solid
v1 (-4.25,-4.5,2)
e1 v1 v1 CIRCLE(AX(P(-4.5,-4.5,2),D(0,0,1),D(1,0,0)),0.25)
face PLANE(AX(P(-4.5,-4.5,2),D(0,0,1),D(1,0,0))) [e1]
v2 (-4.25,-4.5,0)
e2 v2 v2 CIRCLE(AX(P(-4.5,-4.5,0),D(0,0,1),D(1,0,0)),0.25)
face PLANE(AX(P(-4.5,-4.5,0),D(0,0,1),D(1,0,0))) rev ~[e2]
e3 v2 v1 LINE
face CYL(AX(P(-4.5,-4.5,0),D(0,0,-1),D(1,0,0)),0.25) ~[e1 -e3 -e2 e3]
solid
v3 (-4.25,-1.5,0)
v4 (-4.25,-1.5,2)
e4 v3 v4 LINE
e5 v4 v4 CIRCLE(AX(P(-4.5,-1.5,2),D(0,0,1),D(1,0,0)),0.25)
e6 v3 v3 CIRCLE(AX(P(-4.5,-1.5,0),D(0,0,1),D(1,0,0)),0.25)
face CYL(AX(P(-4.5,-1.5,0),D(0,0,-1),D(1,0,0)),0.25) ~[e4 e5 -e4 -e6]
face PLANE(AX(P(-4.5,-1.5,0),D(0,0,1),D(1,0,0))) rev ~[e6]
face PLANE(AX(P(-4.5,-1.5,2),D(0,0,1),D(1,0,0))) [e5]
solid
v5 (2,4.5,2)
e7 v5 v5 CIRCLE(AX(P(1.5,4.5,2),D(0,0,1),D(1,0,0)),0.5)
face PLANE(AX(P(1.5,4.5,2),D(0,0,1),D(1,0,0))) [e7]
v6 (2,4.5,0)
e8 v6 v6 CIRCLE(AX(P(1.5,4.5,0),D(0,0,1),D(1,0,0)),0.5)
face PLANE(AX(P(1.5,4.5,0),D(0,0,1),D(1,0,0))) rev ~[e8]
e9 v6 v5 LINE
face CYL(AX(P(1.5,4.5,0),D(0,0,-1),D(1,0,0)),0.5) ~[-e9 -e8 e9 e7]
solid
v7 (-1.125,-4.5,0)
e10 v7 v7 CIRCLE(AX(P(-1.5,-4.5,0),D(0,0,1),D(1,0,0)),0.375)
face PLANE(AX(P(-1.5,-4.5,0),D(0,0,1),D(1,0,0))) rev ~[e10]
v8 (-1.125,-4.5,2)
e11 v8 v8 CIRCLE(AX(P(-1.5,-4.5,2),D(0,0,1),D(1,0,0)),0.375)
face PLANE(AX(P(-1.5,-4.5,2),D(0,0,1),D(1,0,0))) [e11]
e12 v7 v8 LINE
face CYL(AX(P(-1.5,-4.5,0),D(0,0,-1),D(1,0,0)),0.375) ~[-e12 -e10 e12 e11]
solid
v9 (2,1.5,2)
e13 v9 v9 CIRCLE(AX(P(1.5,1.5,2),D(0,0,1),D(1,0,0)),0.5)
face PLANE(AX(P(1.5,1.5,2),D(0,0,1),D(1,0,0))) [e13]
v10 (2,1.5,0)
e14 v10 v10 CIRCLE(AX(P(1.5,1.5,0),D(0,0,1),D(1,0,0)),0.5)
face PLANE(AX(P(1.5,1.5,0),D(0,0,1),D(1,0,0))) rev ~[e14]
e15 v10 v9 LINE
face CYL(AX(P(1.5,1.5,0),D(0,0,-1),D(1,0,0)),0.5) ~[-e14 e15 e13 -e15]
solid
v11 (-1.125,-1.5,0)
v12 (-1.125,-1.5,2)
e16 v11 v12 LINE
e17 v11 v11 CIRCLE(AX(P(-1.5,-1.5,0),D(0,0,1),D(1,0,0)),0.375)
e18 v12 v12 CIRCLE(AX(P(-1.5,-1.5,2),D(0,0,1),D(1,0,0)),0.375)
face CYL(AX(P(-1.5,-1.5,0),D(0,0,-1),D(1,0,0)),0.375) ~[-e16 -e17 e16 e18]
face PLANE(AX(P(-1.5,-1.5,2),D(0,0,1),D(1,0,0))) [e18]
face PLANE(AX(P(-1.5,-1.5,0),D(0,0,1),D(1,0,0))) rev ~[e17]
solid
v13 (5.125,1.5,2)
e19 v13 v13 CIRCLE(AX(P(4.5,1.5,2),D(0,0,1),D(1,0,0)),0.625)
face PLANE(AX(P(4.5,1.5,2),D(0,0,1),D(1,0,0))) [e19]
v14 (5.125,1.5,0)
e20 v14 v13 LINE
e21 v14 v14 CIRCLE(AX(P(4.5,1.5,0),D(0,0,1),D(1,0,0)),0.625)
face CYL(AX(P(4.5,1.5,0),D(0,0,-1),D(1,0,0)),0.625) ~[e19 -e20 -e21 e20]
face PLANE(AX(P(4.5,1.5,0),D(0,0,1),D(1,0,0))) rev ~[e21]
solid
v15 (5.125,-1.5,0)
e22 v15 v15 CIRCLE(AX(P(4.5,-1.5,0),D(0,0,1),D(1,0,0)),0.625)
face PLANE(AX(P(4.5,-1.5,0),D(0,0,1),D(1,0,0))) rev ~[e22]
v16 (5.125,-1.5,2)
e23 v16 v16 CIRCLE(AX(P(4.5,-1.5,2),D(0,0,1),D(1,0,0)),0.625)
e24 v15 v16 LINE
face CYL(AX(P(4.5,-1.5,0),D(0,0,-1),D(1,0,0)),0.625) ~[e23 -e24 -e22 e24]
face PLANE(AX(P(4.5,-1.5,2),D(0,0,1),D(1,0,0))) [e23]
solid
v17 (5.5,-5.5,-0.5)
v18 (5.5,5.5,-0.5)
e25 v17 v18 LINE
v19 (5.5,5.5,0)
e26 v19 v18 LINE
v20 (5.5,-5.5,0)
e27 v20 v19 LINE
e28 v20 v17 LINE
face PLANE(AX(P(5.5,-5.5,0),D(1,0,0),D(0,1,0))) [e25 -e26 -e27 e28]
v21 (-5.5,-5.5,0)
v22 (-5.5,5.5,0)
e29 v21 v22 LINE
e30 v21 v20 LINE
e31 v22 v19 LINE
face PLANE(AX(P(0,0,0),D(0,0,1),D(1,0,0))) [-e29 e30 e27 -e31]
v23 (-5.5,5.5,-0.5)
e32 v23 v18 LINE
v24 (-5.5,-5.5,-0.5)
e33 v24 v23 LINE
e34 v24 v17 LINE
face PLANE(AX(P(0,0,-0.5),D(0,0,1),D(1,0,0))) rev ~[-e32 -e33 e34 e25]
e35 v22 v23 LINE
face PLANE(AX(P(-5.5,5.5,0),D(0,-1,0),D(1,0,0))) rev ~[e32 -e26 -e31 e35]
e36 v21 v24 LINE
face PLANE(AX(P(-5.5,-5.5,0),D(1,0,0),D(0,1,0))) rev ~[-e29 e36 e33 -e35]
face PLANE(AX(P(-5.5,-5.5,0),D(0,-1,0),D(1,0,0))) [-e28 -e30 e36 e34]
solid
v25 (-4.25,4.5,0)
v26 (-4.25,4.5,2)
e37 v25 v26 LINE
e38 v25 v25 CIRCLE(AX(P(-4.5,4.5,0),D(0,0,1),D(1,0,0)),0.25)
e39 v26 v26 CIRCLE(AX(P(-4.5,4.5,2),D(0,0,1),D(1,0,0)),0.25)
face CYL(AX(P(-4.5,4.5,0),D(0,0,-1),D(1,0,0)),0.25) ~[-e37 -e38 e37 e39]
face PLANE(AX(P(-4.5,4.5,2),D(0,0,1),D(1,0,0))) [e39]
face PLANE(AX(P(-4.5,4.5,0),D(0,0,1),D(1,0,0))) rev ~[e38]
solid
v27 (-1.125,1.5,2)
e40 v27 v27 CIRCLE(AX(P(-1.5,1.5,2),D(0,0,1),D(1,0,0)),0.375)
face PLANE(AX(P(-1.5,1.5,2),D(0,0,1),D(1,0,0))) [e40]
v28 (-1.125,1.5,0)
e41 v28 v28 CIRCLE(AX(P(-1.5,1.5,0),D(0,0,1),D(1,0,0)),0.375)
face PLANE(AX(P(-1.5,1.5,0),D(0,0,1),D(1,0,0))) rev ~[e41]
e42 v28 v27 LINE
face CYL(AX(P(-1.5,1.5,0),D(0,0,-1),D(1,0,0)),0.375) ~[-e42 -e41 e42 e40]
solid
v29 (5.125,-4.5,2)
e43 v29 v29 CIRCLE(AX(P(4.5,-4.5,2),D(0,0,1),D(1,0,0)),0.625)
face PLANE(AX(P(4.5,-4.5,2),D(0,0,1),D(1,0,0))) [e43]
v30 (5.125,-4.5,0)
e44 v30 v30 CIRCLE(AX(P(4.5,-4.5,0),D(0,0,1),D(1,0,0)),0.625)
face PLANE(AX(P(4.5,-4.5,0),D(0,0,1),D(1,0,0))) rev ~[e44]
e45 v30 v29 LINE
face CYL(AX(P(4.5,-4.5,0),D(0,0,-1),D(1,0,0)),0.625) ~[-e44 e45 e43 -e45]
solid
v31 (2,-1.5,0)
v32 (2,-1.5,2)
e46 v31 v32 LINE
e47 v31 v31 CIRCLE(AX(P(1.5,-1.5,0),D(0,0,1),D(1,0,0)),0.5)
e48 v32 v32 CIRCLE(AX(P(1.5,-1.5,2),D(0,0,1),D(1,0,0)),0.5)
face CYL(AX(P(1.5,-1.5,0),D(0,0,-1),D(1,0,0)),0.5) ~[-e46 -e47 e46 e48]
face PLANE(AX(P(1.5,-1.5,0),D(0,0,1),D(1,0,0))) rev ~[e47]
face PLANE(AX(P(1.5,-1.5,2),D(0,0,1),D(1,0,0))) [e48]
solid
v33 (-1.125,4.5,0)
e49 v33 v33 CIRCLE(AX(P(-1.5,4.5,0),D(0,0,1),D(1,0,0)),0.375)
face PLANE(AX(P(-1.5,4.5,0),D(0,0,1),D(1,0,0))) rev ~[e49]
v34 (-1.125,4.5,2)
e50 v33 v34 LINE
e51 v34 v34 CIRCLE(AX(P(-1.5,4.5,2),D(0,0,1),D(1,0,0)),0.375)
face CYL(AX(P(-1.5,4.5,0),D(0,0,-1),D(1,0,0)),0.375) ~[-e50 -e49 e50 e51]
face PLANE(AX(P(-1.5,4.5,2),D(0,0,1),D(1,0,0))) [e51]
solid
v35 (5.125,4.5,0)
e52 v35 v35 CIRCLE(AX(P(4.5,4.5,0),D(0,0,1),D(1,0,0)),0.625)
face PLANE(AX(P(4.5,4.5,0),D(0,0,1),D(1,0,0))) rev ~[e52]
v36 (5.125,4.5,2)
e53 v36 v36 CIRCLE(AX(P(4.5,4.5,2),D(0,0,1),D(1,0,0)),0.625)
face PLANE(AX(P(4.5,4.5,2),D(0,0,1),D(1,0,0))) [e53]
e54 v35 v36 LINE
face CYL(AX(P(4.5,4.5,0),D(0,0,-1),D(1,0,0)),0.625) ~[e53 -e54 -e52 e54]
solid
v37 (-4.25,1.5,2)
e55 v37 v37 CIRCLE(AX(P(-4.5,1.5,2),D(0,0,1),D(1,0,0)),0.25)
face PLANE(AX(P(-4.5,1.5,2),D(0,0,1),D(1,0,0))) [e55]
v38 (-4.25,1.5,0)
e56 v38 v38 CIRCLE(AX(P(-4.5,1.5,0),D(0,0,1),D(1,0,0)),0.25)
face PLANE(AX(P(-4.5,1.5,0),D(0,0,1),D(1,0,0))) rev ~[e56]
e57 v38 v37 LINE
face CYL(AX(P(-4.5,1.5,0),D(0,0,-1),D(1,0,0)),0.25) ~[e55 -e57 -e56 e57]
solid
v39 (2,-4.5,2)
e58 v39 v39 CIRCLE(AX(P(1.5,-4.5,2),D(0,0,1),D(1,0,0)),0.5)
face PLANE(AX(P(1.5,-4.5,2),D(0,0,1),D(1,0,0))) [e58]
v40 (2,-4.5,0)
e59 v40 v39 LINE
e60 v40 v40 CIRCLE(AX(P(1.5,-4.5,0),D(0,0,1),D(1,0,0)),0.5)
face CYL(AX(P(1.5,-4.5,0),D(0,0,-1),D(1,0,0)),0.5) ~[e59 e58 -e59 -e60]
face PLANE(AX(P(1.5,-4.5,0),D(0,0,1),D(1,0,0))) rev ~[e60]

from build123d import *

# Parameters (mm, degrees)
F0_R     = 0.375
F0_R_2   = 0.5
F0_R_3   = 0.625
F0_R_4   = 0.25
F1_DEPTH = 2
F2_W     = 11
F2_H     = 11
F3_DEPTH = 0.5


with BuildPart() as f1:
    # F0 (on Top) → F1 (new body)
    with BuildSketch(Plane.XY):
        with Locations((-1.5, 4.5)):
            Circle(F0_R)
        with Locations((1.5, 4.5)):
            Circle(F0_R_2)
        with Locations((4.5, 4.5)):
            Circle(F0_R_3)
        with Locations((-1.5, 1.5)):
            Circle(F0_R)
        with Locations((1.5, 1.5)):
            Circle(F0_R_2)
        with Locations((4.5, 1.5)):
            Circle(F0_R_3)
        with Locations((-1.5, -1.5)):
            Circle(F0_R)
        with Locations((1.5, -1.5)):
            Circle(F0_R_2)
        with Locations((4.5, -1.5)):
            Circle(F0_R_3)
        with Locations((-1.5, -4.5)):
            Circle(F0_R)
        with Locations((1.5, -4.5)):
            Circle(F0_R_2)
        with Locations((4.5, -4.5)):
            Circle(F0_R_3)
        with Locations((-4.5, 4.5)):
            Circle(F0_R_4)
        with Locations((-4.5, 1.5)):
            Circle(F0_R_4)
        with Locations((-4.5, -1.5)):
            Circle(F0_R_4)
        with Locations((-4.5, -4.5)):
            Circle(F0_R_4)
    extrude(amount=F1_DEPTH)


with BuildPart() as f3:
    # F2 (on Top) → F3 (new body)
    with BuildSketch(Plane.XY):
        Rectangle(F2_W, F2_H)
    extrude(amount=-F3_DEPTH)


solid = Compound([f1.part, f3.part])
